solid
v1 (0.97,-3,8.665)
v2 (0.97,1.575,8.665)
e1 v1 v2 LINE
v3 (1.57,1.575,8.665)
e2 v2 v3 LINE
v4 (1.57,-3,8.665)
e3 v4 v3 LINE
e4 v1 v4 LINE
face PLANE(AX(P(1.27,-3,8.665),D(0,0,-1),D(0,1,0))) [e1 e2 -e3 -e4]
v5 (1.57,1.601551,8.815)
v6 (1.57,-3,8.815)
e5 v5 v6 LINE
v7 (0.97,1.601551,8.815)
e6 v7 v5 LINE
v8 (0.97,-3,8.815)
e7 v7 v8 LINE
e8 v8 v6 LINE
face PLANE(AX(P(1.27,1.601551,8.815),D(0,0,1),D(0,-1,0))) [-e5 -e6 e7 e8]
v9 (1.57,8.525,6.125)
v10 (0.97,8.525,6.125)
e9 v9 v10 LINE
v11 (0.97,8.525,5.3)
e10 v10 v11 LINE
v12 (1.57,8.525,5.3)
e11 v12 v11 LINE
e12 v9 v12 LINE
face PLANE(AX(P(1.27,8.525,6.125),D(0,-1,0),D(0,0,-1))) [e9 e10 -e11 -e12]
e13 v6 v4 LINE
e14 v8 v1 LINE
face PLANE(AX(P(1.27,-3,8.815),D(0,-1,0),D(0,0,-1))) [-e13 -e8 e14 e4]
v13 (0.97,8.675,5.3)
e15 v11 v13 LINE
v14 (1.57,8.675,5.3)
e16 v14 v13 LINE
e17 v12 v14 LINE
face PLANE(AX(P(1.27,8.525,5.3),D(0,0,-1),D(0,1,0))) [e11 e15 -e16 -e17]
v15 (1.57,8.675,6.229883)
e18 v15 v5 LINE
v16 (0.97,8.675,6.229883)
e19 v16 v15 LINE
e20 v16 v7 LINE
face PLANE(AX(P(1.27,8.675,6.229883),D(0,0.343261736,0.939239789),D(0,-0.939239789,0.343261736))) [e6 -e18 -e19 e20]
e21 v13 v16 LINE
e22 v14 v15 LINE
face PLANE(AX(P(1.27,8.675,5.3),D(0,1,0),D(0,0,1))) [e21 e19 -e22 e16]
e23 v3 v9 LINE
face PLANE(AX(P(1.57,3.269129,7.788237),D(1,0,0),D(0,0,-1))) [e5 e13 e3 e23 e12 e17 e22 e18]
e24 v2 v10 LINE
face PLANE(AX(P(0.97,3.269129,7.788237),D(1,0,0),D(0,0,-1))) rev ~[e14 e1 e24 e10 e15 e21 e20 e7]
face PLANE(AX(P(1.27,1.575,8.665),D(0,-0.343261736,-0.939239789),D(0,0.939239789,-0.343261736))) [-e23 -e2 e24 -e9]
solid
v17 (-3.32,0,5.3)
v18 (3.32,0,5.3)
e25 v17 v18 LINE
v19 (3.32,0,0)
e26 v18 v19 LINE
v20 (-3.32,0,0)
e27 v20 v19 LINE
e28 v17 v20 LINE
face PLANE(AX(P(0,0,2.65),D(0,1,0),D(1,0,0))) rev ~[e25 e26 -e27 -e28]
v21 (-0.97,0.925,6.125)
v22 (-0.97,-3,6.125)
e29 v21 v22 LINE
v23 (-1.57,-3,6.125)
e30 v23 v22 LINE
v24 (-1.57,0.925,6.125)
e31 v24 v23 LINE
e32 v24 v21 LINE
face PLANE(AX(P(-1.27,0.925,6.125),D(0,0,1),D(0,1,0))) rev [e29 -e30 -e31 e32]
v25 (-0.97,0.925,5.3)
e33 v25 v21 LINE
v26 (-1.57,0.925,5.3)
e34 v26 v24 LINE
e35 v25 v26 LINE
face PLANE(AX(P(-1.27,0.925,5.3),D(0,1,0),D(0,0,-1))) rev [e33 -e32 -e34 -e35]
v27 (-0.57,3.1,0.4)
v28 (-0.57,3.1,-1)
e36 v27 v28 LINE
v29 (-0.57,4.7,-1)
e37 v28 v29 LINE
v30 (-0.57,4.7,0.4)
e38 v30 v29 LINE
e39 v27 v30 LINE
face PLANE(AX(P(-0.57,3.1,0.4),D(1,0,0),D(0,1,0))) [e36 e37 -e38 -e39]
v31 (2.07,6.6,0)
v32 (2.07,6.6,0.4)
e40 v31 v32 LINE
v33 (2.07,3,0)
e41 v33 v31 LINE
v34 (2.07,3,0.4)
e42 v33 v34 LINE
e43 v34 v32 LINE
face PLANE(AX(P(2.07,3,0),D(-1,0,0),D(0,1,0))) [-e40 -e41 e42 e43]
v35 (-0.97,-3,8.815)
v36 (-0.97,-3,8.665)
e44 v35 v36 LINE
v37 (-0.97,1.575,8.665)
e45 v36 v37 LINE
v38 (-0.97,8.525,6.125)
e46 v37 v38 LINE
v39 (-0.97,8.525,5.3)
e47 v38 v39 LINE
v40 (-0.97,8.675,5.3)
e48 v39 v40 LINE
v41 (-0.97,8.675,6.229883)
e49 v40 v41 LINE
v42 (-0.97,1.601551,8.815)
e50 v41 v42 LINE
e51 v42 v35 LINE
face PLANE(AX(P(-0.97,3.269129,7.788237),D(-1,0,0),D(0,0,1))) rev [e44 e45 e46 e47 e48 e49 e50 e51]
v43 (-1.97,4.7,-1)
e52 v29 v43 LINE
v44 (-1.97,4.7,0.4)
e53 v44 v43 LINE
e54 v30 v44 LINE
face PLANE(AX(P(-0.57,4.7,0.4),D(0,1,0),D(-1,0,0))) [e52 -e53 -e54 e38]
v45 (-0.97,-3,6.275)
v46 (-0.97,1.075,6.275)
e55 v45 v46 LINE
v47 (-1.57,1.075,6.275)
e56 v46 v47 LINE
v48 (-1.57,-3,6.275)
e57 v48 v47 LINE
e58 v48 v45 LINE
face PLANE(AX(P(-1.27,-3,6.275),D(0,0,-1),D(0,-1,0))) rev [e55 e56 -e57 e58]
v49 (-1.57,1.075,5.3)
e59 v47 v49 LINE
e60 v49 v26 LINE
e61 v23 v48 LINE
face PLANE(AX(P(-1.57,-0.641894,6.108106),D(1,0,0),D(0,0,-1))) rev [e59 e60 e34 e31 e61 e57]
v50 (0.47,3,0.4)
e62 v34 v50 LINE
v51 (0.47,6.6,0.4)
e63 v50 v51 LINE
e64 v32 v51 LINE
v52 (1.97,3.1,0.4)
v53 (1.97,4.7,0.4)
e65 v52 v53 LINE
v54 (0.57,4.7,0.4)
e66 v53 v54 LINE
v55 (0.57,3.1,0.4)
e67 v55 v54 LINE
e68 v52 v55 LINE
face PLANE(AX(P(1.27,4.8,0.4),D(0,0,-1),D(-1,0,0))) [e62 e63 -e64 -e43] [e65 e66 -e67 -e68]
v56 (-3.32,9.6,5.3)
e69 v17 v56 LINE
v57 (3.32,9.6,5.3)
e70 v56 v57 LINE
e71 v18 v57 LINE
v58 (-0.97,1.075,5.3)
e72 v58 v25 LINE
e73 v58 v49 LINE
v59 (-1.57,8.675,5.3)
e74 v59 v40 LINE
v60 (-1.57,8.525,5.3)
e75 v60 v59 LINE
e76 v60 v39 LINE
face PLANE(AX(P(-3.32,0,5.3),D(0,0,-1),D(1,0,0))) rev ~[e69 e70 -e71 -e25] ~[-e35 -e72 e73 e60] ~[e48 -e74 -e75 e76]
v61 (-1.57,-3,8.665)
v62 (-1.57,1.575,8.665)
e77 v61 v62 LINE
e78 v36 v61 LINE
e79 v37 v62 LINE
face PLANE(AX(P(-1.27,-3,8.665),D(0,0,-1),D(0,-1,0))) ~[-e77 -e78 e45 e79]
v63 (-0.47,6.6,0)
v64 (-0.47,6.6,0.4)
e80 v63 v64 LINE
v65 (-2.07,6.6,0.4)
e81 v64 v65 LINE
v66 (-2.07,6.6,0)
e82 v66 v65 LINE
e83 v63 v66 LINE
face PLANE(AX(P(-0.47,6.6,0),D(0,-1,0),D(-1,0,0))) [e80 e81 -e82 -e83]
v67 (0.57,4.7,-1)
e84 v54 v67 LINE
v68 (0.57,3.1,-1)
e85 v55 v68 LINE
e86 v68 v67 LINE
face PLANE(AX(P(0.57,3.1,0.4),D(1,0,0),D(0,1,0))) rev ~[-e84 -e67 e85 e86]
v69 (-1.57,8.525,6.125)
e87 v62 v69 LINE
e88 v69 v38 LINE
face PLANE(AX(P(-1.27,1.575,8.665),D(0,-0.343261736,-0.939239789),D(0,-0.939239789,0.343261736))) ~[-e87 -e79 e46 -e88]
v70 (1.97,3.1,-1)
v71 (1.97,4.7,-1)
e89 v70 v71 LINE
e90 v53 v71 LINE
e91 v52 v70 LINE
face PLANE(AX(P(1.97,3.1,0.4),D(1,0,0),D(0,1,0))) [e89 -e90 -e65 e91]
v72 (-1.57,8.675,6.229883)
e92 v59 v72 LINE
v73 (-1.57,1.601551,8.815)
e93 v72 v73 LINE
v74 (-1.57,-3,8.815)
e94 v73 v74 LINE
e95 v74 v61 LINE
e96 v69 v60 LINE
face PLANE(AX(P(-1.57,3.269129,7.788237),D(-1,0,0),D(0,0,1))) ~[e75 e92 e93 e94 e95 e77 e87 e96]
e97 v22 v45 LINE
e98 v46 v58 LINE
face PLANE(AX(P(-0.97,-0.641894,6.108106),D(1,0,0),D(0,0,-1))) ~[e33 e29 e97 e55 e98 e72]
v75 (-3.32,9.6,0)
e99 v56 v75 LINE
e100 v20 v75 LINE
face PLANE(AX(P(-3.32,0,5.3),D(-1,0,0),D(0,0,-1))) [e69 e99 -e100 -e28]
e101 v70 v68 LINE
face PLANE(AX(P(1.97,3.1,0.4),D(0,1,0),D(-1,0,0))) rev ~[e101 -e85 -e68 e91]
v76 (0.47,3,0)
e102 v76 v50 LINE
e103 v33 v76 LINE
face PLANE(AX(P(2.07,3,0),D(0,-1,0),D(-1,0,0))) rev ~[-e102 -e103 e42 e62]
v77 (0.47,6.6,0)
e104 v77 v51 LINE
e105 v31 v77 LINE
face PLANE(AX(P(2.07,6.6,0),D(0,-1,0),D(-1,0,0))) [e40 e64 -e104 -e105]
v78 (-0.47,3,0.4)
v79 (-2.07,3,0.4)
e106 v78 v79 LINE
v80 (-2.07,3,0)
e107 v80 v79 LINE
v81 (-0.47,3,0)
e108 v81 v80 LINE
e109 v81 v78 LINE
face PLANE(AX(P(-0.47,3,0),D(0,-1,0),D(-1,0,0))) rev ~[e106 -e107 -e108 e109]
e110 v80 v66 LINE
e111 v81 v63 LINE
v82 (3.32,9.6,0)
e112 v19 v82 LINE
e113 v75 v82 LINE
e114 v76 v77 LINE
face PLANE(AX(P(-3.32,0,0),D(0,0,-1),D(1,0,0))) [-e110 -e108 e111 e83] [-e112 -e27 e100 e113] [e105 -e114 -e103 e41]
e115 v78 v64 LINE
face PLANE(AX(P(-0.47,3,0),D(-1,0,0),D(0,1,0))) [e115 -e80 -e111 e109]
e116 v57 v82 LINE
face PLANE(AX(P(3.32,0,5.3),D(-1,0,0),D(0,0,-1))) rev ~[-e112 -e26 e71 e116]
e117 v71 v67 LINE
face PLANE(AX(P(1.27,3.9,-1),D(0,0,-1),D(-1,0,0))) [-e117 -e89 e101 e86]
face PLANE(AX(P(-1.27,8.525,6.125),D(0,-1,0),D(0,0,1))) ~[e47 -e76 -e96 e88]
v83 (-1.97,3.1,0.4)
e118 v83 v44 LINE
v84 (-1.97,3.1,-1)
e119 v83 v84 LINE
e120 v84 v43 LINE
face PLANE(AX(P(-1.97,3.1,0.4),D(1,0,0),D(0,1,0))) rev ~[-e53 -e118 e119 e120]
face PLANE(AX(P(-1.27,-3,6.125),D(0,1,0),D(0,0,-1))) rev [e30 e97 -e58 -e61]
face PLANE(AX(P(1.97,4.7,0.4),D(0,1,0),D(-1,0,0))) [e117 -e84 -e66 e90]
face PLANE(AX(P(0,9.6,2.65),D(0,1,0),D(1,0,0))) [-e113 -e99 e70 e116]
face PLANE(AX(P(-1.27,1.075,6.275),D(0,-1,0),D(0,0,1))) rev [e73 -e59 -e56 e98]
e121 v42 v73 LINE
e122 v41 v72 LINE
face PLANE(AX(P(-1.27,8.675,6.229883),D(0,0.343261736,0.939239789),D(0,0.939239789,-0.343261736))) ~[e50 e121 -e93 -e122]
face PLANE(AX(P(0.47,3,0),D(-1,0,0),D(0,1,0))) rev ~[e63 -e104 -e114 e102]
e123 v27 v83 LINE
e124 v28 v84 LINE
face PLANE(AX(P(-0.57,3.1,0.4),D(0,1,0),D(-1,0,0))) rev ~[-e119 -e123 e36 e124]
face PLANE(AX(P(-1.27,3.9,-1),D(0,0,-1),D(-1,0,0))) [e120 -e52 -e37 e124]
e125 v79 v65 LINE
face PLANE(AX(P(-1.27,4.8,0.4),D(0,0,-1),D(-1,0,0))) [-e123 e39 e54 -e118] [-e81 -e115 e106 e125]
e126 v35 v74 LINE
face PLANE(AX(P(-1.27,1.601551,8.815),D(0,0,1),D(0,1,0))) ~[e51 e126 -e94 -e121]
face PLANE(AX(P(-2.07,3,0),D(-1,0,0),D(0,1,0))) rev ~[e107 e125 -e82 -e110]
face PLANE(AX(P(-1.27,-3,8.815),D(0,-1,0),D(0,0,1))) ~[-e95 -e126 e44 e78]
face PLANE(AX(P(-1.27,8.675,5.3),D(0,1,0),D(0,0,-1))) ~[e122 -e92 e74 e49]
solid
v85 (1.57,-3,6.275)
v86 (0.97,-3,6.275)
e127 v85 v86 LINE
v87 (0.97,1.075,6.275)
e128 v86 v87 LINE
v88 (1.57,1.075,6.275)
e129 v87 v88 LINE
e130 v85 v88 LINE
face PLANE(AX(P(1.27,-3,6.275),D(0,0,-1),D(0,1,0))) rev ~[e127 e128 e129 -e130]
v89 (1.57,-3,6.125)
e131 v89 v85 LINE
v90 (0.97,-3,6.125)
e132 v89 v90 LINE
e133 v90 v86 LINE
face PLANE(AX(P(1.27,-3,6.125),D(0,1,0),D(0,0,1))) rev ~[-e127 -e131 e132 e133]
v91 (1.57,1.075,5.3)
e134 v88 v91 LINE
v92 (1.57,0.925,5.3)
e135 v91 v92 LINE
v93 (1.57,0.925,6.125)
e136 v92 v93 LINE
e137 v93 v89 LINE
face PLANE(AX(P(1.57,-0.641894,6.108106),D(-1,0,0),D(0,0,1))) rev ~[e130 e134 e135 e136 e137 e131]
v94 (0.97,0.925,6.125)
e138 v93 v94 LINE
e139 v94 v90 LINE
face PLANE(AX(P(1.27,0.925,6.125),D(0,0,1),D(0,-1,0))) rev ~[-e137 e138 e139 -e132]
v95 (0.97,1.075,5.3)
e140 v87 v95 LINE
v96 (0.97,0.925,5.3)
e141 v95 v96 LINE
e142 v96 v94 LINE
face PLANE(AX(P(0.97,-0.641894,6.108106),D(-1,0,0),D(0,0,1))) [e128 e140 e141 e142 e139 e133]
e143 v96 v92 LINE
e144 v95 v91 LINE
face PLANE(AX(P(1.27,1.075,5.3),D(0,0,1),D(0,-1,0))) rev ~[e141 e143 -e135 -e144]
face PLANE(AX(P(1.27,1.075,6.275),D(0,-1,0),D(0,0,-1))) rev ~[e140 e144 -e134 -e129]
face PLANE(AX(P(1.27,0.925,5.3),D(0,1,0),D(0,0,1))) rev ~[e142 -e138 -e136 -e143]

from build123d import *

# Parameters (mm, degrees)
SKETCH1_W             = 6.64
SKETCH1_H             = 5.3
BOSS_EXTRUDE1_DEPTH   = 9.6
SKETCH2_W             = 1.6
SKETCH2_H             = 3.6
CUT_EXTRUDE1_DEPTH    = 0.4
SKETCH3_W             = 1.4
SKETCH3_H             = 1.6
BOSS_EXTRUDE3_DEPTH   = 1.4
BOSS_EXTRUDE4_DEPTH   = 0.3
BOSS_EXTRUDE4_2_DEPTH = 0.3


with BuildPart() as part:
    # Sketch1 → Boss-Extrude1 (new body)
    with BuildSketch(Plane(origin=(0, 0, 0), x_dir=(1, 0, 0), z_dir=(0, 1, 0))):
        with Locations((0, -2.65)):
            Rectangle(SKETCH1_W, SKETCH1_H)
    extrude(amount=BOSS_EXTRUDE1_DEPTH)

    # Sketch2 → Cut-Extrude1 (cut)
    with BuildSketch(Plane(origin=(0, 0, 0), x_dir=(-1, 0, 0), z_dir=(0, 0, -1))):
        with Locations((-1.27, 4.8)):
            Rectangle(SKETCH2_W, SKETCH2_H)
        with Locations((1.27, 4.8)):
            Rectangle(SKETCH2_W, SKETCH2_H)
    extrude(amount=-CUT_EXTRUDE1_DEPTH, mode=Mode.SUBTRACT)

    # Sketch3 → Boss-Extrude3 (add)
    with BuildSketch(Plane(origin=(0, 0, 0.4), x_dir=(-1, 0, 0), z_dir=(0, 0, -1))):
        with Locations((-1.27, 3.9)):
            Rectangle(SKETCH3_W, SKETCH3_H)
        with Locations((1.27, 3.9)):
            Rectangle(SKETCH3_W, SKETCH3_H)
    extrude(amount=BOSS_EXTRUDE3_DEPTH)


with BuildPart() as body_2:
    # Sketch4 → Boss-Extrude4 (new, symmetric)
    with BuildSketch(Plane(origin=(1.27, 0, 0), x_dir=(0, 0, -1), z_dir=(1, 0, 0))):
        Polygon((-5.3, 8.675), (-6.229883482, 8.675), (-8.815, 1.60155126), (-8.815, -3), (-8.665, -3), (-8.665, 1.575), (-6.125, 8.525), (-5.3, 8.525), align=None)
    boss_extrude4 = extrude(amount=BOSS_EXTRUDE4_DEPTH, both=True)


with BuildPart() as body_3:
    # Sketch4 → Boss-Extrude4 2 (new, symmetric)
    with BuildSketch(Plane(origin=(1.27, 0, 0), x_dir=(0, 0, -1), z_dir=(1, 0, 0))):
        Polygon((-5.3, 0.925), (-6.125, 0.925), (-6.125, -3), (-6.275, -3), (-6.275, 1.075), (-5.3, 1.075), align=None)
    boss_extrude4_2 = extrude(amount=BOSS_EXTRUDE4_2_DEPTH, both=True)


with BuildPart() as part_1:
    add(part.part)

    # Mirror1: Boss-Extrude4, Boss-Extrude4 2 across plane
    add(boss_extrude4.mirror(Plane(origin=(0, 0, 0), x_dir=(0, 0, 1), z_dir=(1, 0, 0))))
    add(boss_extrude4_2.mirror(Plane(origin=(0, 0, 0), x_dir=(0, 0, 1), z_dir=(1, 0, 0))))


solid = Compound([body_2.part, body_3.part, part_1.part])
